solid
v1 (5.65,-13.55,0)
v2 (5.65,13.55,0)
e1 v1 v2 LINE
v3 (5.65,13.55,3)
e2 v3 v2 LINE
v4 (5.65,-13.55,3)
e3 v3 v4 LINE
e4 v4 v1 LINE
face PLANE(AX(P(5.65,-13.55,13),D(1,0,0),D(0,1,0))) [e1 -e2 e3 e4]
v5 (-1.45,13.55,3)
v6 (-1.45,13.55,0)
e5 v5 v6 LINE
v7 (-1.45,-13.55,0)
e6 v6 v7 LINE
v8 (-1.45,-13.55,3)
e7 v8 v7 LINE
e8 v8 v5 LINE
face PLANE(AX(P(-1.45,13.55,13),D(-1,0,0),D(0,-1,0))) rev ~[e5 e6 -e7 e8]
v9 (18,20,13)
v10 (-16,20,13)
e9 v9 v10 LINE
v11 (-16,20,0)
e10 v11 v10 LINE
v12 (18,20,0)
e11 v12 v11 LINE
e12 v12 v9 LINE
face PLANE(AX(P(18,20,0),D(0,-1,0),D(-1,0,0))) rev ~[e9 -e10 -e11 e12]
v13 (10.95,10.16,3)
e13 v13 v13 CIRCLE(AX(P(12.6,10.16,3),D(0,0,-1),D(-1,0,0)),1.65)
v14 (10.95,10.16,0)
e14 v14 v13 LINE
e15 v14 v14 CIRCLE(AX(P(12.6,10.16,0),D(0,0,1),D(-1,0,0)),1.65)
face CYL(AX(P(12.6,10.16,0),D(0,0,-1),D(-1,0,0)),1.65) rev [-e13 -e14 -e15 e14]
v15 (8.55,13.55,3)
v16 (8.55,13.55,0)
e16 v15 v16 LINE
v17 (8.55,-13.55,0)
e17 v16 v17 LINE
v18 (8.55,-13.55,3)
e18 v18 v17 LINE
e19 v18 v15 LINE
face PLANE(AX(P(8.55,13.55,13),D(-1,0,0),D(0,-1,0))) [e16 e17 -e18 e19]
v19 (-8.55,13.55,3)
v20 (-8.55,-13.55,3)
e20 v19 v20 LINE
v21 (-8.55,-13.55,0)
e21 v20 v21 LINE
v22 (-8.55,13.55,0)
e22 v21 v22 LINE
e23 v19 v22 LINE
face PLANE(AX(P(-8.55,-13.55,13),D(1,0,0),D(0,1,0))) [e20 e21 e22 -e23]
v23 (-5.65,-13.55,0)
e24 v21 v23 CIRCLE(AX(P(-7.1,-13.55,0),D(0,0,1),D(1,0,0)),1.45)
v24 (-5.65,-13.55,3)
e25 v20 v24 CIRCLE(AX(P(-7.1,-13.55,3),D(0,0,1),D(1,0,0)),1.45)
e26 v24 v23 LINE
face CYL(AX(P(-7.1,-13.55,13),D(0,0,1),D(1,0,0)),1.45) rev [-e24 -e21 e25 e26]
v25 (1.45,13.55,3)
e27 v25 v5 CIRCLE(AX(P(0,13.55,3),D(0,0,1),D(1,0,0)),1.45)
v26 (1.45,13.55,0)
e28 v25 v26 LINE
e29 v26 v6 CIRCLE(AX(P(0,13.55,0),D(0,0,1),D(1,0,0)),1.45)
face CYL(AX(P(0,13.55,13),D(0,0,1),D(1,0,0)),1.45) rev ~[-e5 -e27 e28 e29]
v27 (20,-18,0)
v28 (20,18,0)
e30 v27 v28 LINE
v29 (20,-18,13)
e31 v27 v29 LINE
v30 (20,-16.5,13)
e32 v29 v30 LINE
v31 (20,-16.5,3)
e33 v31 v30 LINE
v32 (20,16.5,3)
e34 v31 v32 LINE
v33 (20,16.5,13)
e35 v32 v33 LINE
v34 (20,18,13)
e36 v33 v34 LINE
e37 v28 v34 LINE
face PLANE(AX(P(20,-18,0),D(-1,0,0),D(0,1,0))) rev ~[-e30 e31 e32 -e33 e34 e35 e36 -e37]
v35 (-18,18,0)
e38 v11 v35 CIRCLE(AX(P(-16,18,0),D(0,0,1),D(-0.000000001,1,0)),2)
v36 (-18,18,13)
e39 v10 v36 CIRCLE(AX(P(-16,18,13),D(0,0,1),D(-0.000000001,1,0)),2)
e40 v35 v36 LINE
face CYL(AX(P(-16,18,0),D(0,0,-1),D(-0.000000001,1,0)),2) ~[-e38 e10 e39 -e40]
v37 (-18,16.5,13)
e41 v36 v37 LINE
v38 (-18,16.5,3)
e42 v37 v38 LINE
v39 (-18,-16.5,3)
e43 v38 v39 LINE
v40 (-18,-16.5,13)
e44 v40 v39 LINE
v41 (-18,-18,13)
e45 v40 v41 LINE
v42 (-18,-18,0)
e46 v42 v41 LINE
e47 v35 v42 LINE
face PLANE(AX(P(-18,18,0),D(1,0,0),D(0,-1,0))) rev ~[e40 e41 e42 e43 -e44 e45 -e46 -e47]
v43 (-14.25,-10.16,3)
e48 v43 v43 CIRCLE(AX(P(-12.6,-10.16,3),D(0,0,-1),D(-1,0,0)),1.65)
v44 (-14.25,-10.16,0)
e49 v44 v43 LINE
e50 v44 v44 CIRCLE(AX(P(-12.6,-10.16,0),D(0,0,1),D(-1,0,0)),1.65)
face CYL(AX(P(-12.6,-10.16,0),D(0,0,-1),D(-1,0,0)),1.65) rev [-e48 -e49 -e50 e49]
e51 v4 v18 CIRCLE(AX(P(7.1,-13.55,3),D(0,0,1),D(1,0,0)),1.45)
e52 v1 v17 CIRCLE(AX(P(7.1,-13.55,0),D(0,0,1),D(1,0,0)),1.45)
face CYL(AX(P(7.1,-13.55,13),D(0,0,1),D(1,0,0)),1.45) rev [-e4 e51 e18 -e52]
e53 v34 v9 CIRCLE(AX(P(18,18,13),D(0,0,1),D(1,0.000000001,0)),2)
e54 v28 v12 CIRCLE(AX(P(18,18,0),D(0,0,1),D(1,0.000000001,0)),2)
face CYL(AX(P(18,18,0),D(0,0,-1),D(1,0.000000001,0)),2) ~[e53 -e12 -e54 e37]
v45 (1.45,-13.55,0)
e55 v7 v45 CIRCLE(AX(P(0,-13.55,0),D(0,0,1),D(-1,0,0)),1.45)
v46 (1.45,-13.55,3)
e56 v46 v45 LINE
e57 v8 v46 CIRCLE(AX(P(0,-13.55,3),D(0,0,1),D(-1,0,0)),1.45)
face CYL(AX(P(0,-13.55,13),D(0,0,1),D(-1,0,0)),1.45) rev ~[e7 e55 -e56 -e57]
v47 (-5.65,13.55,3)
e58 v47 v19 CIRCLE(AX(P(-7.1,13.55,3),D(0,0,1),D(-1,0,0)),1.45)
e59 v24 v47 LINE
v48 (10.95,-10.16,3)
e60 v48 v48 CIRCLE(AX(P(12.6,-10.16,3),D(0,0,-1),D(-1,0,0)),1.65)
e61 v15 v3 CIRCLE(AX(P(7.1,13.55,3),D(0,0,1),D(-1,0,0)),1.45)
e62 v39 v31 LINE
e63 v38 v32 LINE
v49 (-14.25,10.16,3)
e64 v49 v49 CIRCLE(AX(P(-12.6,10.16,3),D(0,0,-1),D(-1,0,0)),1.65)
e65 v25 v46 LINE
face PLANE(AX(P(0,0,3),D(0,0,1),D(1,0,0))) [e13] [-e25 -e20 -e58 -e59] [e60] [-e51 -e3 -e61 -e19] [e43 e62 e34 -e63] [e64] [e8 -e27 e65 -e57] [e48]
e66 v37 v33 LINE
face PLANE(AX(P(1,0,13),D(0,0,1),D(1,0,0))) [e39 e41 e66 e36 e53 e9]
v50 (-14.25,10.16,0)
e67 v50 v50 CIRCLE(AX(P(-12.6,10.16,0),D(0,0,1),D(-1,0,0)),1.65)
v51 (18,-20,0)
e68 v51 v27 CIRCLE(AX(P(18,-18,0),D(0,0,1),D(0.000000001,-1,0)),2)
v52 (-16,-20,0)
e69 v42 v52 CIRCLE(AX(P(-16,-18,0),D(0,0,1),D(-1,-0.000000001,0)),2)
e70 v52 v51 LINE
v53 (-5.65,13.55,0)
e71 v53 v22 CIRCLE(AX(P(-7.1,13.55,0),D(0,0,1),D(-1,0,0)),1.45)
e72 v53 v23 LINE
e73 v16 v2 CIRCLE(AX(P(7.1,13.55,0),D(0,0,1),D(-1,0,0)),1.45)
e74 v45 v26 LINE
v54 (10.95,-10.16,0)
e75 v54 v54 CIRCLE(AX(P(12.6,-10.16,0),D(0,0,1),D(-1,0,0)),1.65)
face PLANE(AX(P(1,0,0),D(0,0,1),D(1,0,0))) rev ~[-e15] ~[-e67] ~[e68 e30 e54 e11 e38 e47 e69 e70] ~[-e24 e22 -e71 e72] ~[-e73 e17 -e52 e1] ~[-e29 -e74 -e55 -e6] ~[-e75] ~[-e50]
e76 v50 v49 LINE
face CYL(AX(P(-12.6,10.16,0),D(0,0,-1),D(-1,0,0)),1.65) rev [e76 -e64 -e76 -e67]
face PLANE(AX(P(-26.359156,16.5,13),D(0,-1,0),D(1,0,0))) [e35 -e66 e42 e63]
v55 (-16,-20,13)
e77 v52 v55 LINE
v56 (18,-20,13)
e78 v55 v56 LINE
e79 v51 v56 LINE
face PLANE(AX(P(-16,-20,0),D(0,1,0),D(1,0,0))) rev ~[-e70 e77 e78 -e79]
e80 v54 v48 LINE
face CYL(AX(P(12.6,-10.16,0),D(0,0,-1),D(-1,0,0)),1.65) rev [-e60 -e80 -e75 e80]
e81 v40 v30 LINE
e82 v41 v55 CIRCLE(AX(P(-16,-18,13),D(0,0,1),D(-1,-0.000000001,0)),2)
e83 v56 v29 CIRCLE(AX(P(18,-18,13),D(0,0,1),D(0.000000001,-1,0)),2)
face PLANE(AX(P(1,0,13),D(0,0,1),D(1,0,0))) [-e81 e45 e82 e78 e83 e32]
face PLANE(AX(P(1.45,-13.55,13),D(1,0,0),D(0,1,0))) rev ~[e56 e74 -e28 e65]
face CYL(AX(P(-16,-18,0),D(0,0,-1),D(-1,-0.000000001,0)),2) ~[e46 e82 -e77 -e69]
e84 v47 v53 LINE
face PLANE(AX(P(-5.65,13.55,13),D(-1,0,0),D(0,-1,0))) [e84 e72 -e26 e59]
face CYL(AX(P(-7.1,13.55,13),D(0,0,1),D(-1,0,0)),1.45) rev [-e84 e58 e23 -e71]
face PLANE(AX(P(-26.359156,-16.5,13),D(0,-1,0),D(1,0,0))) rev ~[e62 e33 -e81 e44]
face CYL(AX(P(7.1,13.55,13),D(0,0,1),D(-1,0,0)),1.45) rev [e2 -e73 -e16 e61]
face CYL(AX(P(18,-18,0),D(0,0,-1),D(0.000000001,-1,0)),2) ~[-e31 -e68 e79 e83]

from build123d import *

# Parameters (mm, degrees)
SKETCH1_R           = 1.65
BOSS_EXTRUDE1_DEPTH = 13
CUT_EXTRUDE1_DEPTH  = 32.128764833
SKETCH3_W           = 52.718311268
SKETCH3_H           = 33
CUT_EXTRUDE2_DEPTH  = 10


with BuildPart() as part:
    # Sketch1 → Boss-Extrude1 (new body)
    with BuildSketch(Plane.XY):
        with BuildLine():
            Line((0, 20), (-16, 20))
            ThreePointArc((-16, 20), (-17.414213562, 19.414213562), (-18, 18))
            Line((-18, 18), (-18, -18))
            ThreePointArc((-18, -18), (-17.414213562, -19.414213562), (-16, -20))
            Line((-16, -20), (0, -20))
            Line((0, -20), (18, -20))
            ThreePointArc((18, -20), (19.414213562, -19.414213562), (20, -18))
            Line((20, -18), (20, 18))
            ThreePointArc((20, 18), (19.414213562, 19.414213562), (18, 20))
            Line((18, 20), (0, 20))
        make_face()
        with Locations(Location((-12.6, 10.16, 0), (0, 0, 180))):
            Circle(SKETCH1_R, mode=Mode.SUBTRACT)
        with Locations(Location((12.6, 10.16, 0), (0, 0, 180))):
            Circle(SKETCH1_R, mode=Mode.SUBTRACT)
        with Locations(Location((12.6, -10.16, 0), (0, 0, 180))):
            Circle(SKETCH1_R, mode=Mode.SUBTRACT)
        with Locations(Location((-12.6, -10.16, 0), (0, 0, 180))):
            Circle(SKETCH1_R, mode=Mode.SUBTRACT)
    extrude(amount=BOSS_EXTRUDE1_DEPTH)

    # Sketch2 → Cut-Extrude1 (cut, through all)
    with BuildSketch(Plane.XY.offset(13)):
        with BuildLine():
            Line((5.65, -13.55), (5.65, 13.55))
            ThreePointArc((5.65, 13.55), (7.1, 15), (8.55, 13.55))
            Line((8.55, 13.55), (8.55, -13.55))
            ThreePointArc((8.55, -13.55), (7.1, -15), (5.65, -13.55))
        make_face()
        with BuildLine():
            Line((1.45, -13.55), (1.45, 13.55))
            ThreePointArc((1.45, 13.55), (0, 15), (-1.45, 13.55))
            Line((-1.45, 13.55), (-1.45, -13.55))
            ThreePointArc((-1.45, -13.55), (0, -15), (1.45, -13.55))
        make_face()
        with BuildLine():
            Line((-8.55, -13.55), (-8.55, 13.55))
            ThreePointArc((-8.55, 13.55), (-7.1, 15), (-5.65, 13.55))
            Line((-5.65, 13.55), (-5.65, -13.55))
            ThreePointArc((-5.65, -13.55), (-7.1, -15), (-8.55, -13.55))
        make_face()
    extrude(amount=-CUT_EXTRUDE1_DEPTH, mode=Mode.SUBTRACT)

    # Sketch3 → Cut-Extrude2 (cut)
    with BuildSketch(Plane.XY.offset(13)):
        Rectangle(SKETCH3_W, SKETCH3_H)
    extrude(amount=-CUT_EXTRUDE2_DEPTH, mode=Mode.SUBTRACT)


solid = part.part
